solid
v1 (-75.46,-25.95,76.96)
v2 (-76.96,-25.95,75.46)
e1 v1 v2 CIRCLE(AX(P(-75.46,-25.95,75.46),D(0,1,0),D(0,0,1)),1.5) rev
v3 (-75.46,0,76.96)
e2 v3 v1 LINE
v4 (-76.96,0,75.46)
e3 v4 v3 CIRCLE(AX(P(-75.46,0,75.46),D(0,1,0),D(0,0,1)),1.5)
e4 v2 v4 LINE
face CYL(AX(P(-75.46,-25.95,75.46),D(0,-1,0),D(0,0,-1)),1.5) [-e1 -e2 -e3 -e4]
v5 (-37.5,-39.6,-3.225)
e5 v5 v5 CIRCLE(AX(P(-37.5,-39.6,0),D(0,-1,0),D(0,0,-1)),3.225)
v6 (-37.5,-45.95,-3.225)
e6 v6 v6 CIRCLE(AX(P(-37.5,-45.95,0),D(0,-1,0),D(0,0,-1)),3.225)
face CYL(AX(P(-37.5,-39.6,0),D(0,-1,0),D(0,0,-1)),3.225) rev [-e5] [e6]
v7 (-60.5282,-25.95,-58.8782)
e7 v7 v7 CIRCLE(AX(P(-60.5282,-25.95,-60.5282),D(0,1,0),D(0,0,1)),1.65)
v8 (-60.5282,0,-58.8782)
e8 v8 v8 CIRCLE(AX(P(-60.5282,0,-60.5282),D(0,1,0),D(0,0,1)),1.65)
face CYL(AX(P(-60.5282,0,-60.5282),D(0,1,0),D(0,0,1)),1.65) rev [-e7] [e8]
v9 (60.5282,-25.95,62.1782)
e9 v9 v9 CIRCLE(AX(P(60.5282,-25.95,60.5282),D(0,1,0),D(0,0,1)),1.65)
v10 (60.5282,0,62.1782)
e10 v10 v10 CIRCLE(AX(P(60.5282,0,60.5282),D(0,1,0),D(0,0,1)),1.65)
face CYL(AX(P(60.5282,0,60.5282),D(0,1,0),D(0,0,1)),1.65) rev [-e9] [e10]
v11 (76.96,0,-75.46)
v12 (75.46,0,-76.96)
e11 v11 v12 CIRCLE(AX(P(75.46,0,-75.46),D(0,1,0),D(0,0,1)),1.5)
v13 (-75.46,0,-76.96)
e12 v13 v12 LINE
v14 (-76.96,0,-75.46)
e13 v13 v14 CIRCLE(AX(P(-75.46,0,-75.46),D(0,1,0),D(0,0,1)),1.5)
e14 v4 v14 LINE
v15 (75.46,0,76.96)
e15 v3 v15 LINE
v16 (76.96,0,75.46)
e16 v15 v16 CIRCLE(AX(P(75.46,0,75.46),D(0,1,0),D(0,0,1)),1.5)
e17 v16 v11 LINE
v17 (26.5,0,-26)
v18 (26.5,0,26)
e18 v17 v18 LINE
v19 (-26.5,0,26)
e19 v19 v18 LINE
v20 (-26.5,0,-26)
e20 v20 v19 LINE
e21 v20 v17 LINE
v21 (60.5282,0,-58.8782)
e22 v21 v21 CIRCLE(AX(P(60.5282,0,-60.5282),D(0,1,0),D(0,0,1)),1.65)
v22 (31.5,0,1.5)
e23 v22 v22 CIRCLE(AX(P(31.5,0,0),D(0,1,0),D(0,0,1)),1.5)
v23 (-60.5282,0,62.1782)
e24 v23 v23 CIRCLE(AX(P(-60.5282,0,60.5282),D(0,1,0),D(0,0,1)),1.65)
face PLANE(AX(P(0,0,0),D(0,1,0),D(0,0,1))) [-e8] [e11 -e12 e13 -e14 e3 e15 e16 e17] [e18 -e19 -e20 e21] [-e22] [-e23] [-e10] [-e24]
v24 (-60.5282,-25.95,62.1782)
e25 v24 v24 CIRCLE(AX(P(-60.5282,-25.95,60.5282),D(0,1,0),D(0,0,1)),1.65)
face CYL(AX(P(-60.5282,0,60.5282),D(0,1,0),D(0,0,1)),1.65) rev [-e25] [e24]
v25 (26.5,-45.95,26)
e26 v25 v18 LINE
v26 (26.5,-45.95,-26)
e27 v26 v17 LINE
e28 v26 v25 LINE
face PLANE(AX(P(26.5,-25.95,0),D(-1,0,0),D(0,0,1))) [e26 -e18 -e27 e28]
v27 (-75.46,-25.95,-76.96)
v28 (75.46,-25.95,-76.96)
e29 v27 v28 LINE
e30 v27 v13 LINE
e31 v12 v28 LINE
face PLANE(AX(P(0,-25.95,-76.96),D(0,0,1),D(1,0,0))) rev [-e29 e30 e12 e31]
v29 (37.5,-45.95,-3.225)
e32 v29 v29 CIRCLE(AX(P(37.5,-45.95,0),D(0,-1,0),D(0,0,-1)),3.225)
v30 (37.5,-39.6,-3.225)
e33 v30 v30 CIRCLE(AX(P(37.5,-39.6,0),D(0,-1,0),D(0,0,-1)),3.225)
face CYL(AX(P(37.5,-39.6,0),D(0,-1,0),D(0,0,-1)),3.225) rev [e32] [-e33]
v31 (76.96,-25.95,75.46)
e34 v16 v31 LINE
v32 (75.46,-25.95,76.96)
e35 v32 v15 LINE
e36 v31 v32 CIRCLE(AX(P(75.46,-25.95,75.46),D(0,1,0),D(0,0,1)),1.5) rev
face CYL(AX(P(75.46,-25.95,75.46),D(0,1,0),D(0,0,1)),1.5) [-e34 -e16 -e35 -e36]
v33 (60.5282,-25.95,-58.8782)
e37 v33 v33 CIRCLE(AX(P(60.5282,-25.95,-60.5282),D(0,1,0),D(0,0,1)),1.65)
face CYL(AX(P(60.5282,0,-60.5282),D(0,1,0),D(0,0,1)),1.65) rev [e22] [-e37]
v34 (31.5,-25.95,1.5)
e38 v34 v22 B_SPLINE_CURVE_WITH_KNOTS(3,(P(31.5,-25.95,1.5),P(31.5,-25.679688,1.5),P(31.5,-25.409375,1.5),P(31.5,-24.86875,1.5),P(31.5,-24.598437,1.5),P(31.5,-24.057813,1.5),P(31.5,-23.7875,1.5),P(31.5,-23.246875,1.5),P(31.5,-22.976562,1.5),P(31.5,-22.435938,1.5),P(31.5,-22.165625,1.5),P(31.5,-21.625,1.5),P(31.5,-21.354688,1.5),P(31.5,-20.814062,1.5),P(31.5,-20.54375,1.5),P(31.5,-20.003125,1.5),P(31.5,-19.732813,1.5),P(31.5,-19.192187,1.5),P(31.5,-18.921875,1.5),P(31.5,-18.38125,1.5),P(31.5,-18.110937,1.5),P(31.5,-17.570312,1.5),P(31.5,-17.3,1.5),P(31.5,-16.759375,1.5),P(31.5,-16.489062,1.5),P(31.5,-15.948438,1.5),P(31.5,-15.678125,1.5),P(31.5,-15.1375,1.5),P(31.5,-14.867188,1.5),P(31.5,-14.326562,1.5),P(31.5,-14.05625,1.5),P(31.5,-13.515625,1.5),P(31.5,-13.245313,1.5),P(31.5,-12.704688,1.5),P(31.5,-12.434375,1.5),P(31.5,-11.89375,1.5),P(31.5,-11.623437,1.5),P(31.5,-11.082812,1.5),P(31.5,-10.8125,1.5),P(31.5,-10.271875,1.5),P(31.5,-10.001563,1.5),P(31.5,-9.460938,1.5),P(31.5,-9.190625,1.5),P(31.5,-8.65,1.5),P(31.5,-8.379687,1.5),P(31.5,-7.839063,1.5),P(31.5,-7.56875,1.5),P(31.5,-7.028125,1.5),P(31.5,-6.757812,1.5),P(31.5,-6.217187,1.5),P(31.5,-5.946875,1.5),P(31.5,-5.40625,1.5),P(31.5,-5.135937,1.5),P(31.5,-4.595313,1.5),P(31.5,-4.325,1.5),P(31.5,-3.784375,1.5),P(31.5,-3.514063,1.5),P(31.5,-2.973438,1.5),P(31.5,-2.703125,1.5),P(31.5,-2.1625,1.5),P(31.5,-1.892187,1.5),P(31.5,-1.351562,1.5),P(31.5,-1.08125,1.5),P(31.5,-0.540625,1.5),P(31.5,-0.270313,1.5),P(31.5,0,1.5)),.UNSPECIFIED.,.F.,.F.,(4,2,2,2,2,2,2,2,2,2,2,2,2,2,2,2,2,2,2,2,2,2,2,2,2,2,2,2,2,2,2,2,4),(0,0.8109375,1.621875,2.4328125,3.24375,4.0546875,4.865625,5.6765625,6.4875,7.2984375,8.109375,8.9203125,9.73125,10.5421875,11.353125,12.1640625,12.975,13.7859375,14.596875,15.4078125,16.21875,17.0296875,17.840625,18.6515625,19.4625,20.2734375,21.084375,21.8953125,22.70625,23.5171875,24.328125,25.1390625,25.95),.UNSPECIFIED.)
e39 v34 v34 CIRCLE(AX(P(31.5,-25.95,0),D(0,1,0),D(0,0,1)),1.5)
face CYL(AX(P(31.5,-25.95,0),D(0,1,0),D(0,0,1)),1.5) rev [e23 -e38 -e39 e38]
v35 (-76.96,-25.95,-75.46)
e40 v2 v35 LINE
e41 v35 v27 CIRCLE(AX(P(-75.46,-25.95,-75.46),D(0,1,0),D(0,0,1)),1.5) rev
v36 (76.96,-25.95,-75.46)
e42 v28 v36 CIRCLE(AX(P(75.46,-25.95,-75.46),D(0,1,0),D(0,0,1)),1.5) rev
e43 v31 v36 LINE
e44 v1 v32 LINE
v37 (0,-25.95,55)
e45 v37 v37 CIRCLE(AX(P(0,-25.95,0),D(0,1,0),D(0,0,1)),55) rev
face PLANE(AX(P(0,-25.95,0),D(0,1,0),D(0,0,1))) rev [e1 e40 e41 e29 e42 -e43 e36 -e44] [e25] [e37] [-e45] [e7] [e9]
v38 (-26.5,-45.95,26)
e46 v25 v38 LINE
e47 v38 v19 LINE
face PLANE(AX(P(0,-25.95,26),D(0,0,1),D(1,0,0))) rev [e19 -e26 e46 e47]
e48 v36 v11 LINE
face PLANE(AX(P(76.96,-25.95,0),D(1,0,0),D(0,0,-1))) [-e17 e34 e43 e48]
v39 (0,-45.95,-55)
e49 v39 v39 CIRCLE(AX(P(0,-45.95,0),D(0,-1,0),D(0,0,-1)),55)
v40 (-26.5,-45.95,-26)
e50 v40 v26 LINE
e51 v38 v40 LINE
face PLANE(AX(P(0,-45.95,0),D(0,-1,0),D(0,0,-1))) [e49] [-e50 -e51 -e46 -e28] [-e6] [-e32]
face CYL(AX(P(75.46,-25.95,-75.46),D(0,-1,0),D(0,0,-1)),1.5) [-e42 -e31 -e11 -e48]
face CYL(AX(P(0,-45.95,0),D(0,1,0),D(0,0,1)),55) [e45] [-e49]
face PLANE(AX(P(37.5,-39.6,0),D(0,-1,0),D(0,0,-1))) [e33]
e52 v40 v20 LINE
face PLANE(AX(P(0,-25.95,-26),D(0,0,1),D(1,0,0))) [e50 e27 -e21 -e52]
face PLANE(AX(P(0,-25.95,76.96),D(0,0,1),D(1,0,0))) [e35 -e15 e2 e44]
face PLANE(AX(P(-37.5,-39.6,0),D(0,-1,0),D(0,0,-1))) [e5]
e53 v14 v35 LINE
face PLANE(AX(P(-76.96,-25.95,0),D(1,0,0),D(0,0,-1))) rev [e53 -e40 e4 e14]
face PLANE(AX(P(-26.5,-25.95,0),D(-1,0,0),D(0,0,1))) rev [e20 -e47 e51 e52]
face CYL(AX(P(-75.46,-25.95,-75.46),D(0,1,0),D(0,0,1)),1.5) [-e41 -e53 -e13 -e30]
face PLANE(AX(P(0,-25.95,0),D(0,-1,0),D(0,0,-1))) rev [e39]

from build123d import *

# Parameters (mm, degrees)
SKETCH1_W                   = 153.92
SKETCH1_H                   = 153.92
SKETCH1_R                   = 1.5
SKETCH1_W_2                 = 53
SKETCH1_H_2                 = 52
BOSS_EXTRUDE1_DEPTH         = 25.95
TAP_DRILL_FOR_M4X0_7_TAP2_D = 3.3
SKETCH3_R                   = 55
SKETCH3_W                   = 53
SKETCH3_H                   = 52
BOSS_EXTRUDE3_DEPTH         = 20
SKETCH5_R                   = 3.225
CUT_EXTRUDE1_DEPTH          = 6.35
FILLET2_R                   = 1.5


with BuildPart() as part:
    # Sketch1 → Boss-Extrude1 (new body)
    with BuildSketch(Plane(origin=(0, 0, 0), x_dir=(1, 0, 0), z_dir=(0, 1, 0))):
        Rectangle(SKETCH1_W, SKETCH1_H)
        with Locations(Location((31.5, 0, 0), (0, 0, 270))):
            Circle(SKETCH1_R, mode=Mode.SUBTRACT)
        Rectangle(SKETCH1_W_2, SKETCH1_H_2, mode=Mode.SUBTRACT)
    extrude(amount=-BOSS_EXTRUDE1_DEPTH)

    # Tap Drill for M4x0.7 Tap2 (through all)
    with Locations(Plane(origin=(-60.5282, 0, -60.5282), x_dir=(0, 0, 1), z_dir=(0, 1, 0))):
        with Locations((0, 0), (121.0564, 0), (121.0564, 121.0564), (0, 121.0564)):
            Hole(TAP_DRILL_FOR_M4X0_7_TAP2_D / 2)

    # Sketch3 → Boss-Extrude3 (add)
    with BuildSketch(Plane.XZ.offset(25.95)):
        with Locations(Location((0, 0, 0), (0, 0, 90))):
            Circle(SKETCH3_R)
        Rectangle(SKETCH3_W, SKETCH3_H, mode=Mode.SUBTRACT)
    extrude(amount=BOSS_EXTRUDE3_DEPTH)

    # Sketch5 → Cut-Extrude1 (cut)
    with BuildSketch(Plane.XZ.offset(45.95)):
        with Locations(Location((-37.5, 0, 0), (0, 0, 270))):
            Circle(SKETCH5_R)
        with Locations(Location((37.5, 0, 0), (0, 0, 270))):
            Circle(SKETCH5_R)
    extrude(amount=-CUT_EXTRUDE1_DEPTH, mode=Mode.SUBTRACT)

    # Fillet2
    fillet2_edges = [part.edges().sort_by_distance(p)[0] for p in [
        (-76.96, -12.975, 76.96),
        (-76.96, -12.975, -76.96),
        (76.96, -12.975, -76.96),
        (76.96, -12.975, 76.96),
    ]]
    fillet(fillet2_edges, radius=FILLET2_R)


solid = part.part
